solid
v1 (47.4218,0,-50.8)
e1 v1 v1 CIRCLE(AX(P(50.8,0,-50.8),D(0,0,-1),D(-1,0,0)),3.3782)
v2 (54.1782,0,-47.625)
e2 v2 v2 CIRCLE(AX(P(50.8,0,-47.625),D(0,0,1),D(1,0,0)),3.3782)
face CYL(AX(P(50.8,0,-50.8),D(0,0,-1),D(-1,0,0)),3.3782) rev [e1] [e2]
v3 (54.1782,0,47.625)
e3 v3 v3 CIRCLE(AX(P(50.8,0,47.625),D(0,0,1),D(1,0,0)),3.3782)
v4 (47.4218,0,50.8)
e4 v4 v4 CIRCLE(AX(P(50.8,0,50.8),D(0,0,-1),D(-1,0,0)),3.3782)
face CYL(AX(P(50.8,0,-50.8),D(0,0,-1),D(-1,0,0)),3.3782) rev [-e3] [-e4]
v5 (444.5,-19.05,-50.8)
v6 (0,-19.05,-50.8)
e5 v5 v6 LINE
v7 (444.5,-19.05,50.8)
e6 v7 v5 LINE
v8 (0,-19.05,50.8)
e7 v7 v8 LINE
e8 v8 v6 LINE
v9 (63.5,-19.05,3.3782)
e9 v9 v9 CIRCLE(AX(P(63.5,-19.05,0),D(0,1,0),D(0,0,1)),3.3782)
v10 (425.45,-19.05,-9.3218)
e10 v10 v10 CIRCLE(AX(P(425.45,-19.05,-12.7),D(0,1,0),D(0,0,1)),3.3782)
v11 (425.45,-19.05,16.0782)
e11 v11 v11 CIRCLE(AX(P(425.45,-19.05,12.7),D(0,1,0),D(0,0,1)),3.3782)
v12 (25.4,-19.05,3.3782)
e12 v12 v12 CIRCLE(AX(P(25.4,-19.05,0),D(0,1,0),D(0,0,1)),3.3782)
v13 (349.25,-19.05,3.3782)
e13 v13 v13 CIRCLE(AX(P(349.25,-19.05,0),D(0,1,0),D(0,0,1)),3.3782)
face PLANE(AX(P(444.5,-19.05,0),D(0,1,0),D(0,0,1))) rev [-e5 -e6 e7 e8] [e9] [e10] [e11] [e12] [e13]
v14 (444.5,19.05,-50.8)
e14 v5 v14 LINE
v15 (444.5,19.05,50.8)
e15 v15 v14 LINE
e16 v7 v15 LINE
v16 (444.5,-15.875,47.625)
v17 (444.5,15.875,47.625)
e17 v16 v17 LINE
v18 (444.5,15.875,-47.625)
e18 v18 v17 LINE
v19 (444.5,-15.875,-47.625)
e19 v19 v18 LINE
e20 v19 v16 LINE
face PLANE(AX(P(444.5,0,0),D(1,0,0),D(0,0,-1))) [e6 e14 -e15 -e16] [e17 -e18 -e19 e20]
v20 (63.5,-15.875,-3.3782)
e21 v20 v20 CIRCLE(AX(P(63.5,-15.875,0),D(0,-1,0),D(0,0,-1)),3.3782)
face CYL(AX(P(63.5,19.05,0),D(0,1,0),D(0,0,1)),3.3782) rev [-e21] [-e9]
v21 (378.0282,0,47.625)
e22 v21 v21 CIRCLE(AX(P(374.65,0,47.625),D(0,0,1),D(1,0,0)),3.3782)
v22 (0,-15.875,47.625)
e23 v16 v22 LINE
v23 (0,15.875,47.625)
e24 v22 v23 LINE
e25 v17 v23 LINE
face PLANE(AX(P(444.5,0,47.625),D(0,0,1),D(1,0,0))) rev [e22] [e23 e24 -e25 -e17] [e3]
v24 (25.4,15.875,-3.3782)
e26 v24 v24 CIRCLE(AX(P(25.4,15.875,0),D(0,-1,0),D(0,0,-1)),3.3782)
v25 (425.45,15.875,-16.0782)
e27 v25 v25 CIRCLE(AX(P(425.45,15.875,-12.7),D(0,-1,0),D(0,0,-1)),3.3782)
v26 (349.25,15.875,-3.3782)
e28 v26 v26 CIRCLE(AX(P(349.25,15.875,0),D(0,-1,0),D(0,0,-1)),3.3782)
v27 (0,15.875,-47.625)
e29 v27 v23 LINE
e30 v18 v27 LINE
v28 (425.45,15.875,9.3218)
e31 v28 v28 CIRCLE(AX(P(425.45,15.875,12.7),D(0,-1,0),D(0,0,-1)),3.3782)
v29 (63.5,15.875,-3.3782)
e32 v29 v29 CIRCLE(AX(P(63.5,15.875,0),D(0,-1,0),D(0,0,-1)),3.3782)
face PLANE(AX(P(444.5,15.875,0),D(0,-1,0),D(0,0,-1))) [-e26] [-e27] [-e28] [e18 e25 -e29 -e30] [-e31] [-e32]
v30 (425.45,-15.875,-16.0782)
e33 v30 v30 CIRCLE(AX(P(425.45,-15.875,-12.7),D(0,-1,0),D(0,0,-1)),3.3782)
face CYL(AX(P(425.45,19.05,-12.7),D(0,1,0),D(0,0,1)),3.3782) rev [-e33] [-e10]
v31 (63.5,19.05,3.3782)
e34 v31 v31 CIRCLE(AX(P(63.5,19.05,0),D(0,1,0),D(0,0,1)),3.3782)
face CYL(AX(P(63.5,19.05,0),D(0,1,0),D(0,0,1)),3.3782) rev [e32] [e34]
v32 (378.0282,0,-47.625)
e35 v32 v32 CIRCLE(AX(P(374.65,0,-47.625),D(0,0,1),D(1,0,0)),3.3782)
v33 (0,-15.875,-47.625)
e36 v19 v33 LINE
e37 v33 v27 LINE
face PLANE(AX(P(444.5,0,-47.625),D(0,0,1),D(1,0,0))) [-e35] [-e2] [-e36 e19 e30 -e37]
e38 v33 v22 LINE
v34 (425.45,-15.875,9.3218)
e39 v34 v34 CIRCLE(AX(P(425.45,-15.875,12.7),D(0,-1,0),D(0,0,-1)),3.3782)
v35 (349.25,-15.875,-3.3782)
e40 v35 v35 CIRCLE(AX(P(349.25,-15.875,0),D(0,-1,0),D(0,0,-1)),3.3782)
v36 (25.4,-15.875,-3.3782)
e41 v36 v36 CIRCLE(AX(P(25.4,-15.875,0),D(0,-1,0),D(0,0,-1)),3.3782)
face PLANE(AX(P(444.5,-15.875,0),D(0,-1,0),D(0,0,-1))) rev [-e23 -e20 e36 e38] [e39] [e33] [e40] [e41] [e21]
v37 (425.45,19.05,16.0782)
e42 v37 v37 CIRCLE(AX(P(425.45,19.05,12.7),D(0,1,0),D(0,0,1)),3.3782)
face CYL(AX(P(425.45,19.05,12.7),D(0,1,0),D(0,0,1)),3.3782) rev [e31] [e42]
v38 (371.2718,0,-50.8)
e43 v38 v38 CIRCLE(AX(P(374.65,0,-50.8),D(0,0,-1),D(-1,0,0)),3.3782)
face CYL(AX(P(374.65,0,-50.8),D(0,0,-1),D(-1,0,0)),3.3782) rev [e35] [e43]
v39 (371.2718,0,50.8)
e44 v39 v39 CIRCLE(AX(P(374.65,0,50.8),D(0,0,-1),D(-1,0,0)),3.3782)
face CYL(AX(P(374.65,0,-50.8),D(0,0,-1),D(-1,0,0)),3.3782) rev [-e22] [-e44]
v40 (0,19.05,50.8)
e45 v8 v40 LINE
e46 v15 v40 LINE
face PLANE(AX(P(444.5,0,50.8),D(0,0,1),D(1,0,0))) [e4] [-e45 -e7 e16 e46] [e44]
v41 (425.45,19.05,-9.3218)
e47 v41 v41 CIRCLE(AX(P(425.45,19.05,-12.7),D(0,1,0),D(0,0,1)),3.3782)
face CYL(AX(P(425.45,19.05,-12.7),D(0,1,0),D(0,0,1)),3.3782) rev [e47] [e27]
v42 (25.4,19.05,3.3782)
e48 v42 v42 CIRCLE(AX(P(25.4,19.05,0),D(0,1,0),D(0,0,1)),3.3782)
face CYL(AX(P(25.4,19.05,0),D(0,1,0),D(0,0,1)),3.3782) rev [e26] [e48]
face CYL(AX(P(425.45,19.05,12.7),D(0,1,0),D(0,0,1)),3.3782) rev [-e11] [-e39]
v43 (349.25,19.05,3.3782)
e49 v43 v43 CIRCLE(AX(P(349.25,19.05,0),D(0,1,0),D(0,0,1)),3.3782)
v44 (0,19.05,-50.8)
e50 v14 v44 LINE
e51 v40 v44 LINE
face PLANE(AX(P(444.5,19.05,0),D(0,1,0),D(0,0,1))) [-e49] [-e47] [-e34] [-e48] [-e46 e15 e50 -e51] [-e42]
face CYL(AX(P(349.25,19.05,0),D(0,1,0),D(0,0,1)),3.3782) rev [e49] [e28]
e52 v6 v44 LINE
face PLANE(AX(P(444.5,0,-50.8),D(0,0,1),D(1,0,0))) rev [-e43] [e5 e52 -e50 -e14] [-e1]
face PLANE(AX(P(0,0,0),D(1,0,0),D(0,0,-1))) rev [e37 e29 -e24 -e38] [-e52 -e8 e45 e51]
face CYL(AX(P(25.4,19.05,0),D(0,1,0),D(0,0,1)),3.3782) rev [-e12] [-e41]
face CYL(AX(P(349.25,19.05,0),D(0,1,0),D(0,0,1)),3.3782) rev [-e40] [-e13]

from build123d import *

# Parameters (mm, degrees)
SKETCH1_W                = 101.6
SKETCH1_H                = 38.1
SKETCH1_W_2              = 95.25
SKETCH1_H_2              = 31.75
BOSS_EXTRUDE1_DEPTH      = 444.5
H_0_266_DIAMETER_HOLE1_D = 6.7564
H_0_266_DIAMETER_HOLE2_D = 6.7564


with BuildPart() as part:
    # Sketch1 → Boss-Extrude1 (new body)
    with BuildSketch(Plane(origin=(0, 0, 0), x_dir=(0, 0, -1), z_dir=(1, 0, 0))):
        Rectangle(SKETCH1_W, SKETCH1_H)
        Rectangle(SKETCH1_W_2, SKETCH1_H_2, mode=Mode.SUBTRACT)
    extrude(amount=BOSS_EXTRUDE1_DEPTH)

    # H (0.266) Diameter Hole1 (through all)
    with Locations(Plane(origin=(0, 19.05, 0), x_dir=(1, 0, 0), z_dir=(0, 1, 0))):
        with Locations((25.4, 0), (63.5, 0), (349.25, 0), (425.45, 12.7), (425.45, -12.7)):
            Hole(H_0_266_DIAMETER_HOLE1_D / 2)

    # H (0.266) Diameter Hole2 (through all)
    with Locations(Plane(origin=(0, 0, -50.8), x_dir=(-1, 0, 0), z_dir=(0, 0, -1))):
        with Locations((-50.8, 0), (-374.65, 0)):
            Hole(H_0_266_DIAMETER_HOLE2_D / 2)


solid = part.part
